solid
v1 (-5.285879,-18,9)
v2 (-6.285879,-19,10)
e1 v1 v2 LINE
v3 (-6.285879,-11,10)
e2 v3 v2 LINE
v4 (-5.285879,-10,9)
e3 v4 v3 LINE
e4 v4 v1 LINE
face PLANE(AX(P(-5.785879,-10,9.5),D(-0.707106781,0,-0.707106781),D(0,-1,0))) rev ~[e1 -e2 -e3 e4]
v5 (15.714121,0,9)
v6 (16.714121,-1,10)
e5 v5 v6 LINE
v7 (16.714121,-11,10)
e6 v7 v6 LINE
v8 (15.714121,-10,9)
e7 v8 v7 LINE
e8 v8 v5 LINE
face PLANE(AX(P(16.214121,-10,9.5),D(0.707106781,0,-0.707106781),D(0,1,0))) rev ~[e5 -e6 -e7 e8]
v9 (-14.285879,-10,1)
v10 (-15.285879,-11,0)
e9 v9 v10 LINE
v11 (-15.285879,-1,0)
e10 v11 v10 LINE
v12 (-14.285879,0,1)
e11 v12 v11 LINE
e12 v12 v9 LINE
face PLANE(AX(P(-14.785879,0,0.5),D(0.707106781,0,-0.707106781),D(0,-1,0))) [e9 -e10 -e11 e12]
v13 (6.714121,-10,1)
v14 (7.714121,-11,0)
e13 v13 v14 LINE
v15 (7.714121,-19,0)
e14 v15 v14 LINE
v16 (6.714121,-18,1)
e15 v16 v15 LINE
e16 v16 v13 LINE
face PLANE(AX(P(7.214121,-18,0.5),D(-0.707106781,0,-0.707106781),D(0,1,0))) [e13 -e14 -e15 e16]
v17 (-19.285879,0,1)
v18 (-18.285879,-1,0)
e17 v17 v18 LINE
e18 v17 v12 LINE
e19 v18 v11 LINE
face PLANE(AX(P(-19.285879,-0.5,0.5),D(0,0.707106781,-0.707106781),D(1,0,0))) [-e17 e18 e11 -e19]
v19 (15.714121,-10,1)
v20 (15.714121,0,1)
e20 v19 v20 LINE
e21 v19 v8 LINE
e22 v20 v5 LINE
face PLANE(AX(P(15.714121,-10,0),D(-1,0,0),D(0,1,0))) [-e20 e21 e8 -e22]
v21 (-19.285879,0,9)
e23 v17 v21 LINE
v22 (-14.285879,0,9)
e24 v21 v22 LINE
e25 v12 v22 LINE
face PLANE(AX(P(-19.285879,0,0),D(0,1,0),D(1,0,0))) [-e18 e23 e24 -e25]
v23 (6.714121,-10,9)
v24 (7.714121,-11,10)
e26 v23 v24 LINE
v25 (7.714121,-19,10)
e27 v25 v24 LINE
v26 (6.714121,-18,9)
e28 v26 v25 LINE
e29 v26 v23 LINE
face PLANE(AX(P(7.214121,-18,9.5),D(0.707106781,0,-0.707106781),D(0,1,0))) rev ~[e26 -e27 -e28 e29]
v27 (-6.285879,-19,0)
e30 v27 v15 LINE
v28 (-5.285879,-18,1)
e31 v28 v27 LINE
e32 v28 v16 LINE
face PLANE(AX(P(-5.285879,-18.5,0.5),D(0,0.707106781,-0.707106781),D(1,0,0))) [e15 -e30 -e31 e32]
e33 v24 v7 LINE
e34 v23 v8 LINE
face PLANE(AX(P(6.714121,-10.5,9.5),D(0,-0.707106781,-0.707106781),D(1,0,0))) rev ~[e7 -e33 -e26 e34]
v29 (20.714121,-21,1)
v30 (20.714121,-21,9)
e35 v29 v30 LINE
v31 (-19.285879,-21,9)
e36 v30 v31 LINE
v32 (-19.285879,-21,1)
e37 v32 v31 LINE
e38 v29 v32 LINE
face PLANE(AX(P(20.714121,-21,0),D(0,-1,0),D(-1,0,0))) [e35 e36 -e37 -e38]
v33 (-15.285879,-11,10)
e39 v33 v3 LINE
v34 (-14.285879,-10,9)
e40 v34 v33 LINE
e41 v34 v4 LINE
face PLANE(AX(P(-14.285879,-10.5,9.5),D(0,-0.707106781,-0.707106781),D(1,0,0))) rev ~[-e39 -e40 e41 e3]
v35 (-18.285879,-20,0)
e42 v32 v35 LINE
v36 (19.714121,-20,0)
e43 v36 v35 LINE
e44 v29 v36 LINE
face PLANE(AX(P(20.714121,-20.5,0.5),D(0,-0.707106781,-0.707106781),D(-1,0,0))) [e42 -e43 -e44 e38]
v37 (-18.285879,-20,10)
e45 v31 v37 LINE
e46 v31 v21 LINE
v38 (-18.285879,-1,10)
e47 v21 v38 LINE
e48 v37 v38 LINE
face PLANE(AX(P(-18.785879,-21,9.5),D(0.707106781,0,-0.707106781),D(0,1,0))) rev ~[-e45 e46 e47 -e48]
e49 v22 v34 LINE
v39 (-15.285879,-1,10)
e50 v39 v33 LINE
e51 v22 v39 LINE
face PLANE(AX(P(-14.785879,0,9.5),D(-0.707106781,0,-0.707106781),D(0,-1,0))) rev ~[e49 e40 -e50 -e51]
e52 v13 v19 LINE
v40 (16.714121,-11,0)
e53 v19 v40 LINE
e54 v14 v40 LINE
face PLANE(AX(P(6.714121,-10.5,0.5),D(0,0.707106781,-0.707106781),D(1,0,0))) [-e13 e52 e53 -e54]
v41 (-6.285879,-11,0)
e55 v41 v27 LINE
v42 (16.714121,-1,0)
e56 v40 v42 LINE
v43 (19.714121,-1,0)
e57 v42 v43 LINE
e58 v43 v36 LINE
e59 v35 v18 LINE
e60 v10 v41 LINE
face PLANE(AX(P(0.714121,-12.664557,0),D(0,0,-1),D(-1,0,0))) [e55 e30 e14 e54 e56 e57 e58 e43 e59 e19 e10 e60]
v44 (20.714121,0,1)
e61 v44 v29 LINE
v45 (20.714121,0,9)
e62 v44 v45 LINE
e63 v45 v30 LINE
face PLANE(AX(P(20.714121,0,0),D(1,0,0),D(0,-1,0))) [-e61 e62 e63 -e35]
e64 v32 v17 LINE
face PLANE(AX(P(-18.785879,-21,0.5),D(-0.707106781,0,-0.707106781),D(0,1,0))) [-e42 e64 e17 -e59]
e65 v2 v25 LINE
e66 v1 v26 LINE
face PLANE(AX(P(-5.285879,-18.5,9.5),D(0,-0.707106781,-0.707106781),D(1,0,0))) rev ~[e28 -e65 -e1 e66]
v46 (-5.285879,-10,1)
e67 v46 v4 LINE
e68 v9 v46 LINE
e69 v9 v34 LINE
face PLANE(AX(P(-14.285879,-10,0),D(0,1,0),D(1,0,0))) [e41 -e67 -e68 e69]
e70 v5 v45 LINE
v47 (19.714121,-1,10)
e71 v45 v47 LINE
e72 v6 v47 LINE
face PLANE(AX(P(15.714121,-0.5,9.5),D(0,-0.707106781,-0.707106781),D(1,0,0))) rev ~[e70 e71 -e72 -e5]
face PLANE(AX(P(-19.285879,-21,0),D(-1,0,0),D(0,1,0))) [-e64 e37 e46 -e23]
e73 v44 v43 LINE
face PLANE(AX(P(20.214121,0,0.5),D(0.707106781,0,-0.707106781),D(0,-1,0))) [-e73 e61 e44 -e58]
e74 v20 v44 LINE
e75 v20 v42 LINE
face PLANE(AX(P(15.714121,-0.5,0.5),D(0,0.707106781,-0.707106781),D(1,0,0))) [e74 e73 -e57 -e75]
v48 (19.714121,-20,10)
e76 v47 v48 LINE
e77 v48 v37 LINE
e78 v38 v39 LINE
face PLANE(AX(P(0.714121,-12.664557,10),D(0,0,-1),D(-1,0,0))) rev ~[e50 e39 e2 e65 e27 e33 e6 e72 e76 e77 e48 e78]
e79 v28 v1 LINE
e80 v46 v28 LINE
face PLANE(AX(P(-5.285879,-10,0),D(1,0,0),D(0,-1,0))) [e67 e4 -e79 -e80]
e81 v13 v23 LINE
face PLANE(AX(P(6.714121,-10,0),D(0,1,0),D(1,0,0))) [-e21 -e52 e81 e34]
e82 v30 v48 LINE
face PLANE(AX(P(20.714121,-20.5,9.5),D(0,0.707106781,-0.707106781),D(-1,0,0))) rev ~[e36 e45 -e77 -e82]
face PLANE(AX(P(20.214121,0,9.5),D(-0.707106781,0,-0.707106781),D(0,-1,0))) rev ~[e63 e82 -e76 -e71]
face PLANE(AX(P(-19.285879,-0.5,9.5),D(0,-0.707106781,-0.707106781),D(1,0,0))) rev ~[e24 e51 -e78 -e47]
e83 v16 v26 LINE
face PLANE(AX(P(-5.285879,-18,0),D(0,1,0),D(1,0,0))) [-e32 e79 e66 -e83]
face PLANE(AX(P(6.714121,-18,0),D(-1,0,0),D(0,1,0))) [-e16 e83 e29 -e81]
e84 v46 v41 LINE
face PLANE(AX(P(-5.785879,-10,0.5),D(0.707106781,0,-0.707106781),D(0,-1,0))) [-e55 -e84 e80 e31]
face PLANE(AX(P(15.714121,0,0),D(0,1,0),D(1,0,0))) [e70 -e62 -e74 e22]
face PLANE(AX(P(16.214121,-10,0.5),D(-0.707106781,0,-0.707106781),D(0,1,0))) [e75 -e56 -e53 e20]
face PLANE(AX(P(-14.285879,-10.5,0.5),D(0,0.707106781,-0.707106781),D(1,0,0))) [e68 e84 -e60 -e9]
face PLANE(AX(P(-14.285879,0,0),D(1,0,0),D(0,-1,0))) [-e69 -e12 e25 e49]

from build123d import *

# Parameters (mm, degrees)
BOSS_EXTRUDE1_DEPTH = 10
CHAMFER1_SIZE       = 1


with BuildPart() as part:
    # Sketch1 → Boss-Extrude1 (new body)
    with BuildSketch(Plane.XY):
        Polygon((-14.285879212, 0), (-14.285879212, -10), (-5.285879212, -10), (-5.285879212, -18), (6.714120788, -18), (6.714120788, -10), (15.714120788, -10), (15.714120788, 0), (20.714120788, 0), (20.714120788, -21), (-19.285879212, -21), (-19.285879212, 0), align=None)
    extrude(amount=BOSS_EXTRUDE1_DEPTH)

    # Chamfer1
    chamfer1_edges = [part.edges().sort_by_distance(p)[0] for p in [
        (20.714120788, -10.5, 0),
        (0.714120788, -21, 0),
        (11.214120788, -10, 10),
        (-19.285879212, -10.5, 0),
        (-16.785879212, 0, 0),
        (-14.285879212, -5, 0),
        (-9.785879212, -10, 0),
        (-5.285879212, -14, 0),
        (0.714120788, -18, 0),
        (6.714120788, -14, 0),
        (11.214120788, -10, 0),
        (15.714120788, -5, 0),
        (18.214120788, 0, 0),
        (6.714120788, -14, 10),
        (0.714120788, -18, 10),
        (-5.285879212, -14, 10),
        (-9.785879212, -10, 10),
        (-14.285879212, -5, 10),
        (-16.785879212, 0, 10),
        (-19.285879212, -10.5, 10),
        (0.714120788, -21, 10),
        (20.714120788, -10.5, 10),
        (18.214120788, 0, 10),
        (15.714120788, -5, 10),
    ]]
    chamfer(chamfer1_edges, length=CHAMFER1_SIZE)


solid = part.part
